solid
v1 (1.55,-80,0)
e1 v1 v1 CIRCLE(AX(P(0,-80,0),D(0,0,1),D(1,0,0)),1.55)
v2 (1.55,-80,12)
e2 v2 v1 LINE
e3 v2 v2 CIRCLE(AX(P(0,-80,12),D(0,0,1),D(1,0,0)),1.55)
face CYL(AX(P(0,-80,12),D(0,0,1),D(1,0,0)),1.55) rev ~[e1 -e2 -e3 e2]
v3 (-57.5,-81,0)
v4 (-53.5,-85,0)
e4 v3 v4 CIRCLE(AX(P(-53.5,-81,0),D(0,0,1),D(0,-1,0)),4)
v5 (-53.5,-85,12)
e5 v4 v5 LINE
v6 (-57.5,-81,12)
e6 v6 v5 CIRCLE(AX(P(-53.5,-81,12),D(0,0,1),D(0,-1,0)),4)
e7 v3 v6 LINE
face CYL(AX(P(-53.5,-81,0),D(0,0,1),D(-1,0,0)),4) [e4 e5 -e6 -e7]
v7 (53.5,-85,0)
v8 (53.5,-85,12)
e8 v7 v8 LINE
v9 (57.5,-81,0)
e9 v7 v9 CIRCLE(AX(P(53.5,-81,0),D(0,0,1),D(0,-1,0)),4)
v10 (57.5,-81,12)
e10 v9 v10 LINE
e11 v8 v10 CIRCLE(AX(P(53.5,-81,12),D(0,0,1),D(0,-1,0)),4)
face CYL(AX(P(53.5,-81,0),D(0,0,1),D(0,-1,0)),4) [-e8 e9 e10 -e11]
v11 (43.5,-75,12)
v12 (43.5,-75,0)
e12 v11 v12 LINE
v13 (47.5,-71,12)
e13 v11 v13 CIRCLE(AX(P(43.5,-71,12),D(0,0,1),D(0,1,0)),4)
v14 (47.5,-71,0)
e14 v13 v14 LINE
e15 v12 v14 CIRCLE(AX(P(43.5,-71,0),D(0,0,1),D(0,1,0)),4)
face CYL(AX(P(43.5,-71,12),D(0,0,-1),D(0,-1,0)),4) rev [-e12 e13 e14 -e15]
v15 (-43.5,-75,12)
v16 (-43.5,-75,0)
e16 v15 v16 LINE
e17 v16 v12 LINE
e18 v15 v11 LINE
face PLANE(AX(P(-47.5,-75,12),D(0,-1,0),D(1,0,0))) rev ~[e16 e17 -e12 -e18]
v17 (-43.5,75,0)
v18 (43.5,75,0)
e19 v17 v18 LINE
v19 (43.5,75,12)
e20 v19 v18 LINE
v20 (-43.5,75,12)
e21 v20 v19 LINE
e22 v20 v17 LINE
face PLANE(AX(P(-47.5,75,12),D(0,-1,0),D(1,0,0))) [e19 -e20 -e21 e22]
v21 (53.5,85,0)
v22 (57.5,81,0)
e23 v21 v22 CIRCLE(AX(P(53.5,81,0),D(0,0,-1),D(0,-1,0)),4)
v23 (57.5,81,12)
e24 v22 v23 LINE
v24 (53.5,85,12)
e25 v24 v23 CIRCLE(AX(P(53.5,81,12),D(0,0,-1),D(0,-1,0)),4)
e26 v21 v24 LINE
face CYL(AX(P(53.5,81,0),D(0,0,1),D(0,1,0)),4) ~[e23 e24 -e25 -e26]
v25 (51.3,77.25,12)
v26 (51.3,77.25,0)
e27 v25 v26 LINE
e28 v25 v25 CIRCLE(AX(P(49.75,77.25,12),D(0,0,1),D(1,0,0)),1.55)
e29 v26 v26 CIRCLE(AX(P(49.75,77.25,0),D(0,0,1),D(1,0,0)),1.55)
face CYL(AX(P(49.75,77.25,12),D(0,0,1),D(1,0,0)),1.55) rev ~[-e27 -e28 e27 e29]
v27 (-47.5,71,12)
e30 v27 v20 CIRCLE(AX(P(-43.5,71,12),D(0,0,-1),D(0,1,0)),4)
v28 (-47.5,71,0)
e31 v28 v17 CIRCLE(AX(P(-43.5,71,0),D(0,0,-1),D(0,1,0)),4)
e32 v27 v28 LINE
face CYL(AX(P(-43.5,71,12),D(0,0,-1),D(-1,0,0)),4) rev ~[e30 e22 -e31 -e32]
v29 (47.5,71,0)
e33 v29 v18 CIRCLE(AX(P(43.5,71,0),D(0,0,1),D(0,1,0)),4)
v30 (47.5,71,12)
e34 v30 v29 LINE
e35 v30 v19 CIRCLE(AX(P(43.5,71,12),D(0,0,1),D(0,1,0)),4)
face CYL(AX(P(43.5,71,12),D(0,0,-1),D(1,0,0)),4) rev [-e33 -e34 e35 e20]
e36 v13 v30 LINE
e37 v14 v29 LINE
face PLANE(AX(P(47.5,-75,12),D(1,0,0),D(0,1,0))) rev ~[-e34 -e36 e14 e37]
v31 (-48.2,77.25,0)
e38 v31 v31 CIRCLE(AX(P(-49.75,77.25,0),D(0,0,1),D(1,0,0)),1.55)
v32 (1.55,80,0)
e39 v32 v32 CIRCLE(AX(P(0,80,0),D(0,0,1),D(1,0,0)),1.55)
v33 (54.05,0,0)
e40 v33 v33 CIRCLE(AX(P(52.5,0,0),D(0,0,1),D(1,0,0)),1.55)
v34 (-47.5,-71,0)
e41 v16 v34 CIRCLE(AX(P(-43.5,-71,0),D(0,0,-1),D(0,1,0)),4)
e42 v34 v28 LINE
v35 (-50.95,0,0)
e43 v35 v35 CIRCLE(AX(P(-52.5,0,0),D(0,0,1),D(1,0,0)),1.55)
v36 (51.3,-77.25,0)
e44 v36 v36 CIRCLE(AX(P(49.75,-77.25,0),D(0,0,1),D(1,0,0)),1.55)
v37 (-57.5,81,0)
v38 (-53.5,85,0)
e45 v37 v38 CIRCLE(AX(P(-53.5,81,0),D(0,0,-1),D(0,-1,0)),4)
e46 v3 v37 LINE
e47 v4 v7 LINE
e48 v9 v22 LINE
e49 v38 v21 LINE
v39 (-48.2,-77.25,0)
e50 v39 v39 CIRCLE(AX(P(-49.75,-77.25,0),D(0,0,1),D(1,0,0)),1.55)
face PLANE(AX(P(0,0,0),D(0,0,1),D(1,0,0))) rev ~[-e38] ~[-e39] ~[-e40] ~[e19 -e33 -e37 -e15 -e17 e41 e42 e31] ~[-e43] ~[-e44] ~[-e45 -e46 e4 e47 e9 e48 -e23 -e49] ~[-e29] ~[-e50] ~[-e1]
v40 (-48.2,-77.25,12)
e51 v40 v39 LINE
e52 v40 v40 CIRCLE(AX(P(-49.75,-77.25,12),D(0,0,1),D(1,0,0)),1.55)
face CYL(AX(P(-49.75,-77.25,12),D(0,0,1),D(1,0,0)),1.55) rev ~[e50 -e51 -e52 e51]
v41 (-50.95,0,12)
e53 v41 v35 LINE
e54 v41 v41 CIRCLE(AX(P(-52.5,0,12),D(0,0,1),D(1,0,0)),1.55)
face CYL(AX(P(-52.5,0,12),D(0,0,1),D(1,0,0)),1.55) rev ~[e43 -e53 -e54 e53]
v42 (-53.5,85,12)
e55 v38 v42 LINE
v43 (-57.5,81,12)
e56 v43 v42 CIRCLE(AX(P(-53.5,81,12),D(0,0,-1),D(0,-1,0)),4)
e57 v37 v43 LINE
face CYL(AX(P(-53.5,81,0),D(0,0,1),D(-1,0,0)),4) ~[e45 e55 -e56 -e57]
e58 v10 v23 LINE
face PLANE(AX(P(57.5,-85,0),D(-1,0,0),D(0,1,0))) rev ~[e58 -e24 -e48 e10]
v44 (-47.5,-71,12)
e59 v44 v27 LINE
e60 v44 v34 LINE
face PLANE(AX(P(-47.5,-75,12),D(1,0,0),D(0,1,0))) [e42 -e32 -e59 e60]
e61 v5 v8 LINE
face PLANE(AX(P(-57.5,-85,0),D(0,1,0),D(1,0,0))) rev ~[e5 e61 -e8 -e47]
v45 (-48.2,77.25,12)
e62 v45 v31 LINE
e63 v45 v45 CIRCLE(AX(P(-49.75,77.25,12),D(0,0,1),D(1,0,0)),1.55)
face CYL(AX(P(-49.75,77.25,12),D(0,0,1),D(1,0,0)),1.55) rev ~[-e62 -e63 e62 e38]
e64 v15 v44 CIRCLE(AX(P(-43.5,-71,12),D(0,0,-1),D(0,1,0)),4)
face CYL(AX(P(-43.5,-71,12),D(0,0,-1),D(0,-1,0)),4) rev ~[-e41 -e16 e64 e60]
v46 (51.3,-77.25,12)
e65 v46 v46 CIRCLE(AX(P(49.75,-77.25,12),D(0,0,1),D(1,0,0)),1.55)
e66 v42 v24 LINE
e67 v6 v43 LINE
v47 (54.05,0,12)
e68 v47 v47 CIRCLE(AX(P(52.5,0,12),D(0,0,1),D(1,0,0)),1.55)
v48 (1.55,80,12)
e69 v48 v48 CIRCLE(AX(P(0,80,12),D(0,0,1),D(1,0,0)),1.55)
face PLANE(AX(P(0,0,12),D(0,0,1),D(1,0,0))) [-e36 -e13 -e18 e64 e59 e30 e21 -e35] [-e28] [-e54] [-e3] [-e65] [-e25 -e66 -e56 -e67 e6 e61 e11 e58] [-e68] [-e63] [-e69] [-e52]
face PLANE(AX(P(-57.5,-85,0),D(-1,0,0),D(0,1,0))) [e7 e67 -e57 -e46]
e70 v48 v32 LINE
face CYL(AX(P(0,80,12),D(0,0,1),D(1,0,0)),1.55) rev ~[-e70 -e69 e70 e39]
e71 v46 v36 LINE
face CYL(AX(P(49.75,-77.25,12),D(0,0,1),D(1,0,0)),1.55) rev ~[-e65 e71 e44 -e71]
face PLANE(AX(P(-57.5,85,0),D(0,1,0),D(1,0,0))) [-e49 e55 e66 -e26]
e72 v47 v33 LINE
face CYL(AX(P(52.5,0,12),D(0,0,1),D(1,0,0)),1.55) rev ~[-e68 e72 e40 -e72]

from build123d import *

# Parameters (mm, degrees)
F0_W     = 115
F0_H     = 170
F1_DEPTH = 12
F2_W     = 95
F2_H     = 150
F3_DEPTH = 12.001
F4_R     = 1.55
F5_DEPTH = 12.001
F6_R     = 4
F7_R     = 1.55
F8_DEPTH = 12.001


with BuildPart() as f1:
    # F0 (on Top) → F1 (new body)
    with BuildSketch(Plane.XY):
        Rectangle(F0_W, F0_H)
    extrude(amount=F1_DEPTH)

    # F2 (on face) → F3 (cut, through all)
    with BuildSketch(Plane.XY.offset(12)):
        Rectangle(F2_W, F2_H)
    extrude(amount=-F3_DEPTH, mode=Mode.SUBTRACT)

    # F4 (on face) → F5 (cut, through all)
    with BuildSketch(Plane.XY.offset(12)):
        with Locations((0, 80)):
            Circle(F4_R)
        with Locations((0, -80)):
            Circle(F4_R)
        with Locations((52.5, 0)):
            Circle(F4_R)
        with Locations((-52.5, 0)):
            Circle(F4_R)
    extrude(amount=-F5_DEPTH, mode=Mode.SUBTRACT)

    # F6
    f6_edges = [f1.edges().sort_by_distance(p)[0] for p in [
        (47.5, 75, 6),
        (-47.5, 75, 6),
        (57.5, 85, 6),
        (57.5, -85, 6),
        (-57.5, -85, 6),
        (-57.5, 85, 6),
        (47.5, -75, 6),
        (-47.5, -75, 6),
    ]]
    fillet(f6_edges, radius=F6_R)

    # F7 (on face) → F8 (cut, through all)
    with BuildSketch(Plane.XY.offset(12)):
        with Locations((-49.75, 77.25)):
            Circle(F7_R)
        with Locations((49.75, 77.25)):
            Circle(F7_R)
        with Locations((49.75, -77.25)):
            Circle(F7_R)
        with Locations((-49.75, -77.25)):
            Circle(F7_R)
    extrude(amount=-F8_DEPTH, mode=Mode.SUBTRACT)


solid = f1.part
